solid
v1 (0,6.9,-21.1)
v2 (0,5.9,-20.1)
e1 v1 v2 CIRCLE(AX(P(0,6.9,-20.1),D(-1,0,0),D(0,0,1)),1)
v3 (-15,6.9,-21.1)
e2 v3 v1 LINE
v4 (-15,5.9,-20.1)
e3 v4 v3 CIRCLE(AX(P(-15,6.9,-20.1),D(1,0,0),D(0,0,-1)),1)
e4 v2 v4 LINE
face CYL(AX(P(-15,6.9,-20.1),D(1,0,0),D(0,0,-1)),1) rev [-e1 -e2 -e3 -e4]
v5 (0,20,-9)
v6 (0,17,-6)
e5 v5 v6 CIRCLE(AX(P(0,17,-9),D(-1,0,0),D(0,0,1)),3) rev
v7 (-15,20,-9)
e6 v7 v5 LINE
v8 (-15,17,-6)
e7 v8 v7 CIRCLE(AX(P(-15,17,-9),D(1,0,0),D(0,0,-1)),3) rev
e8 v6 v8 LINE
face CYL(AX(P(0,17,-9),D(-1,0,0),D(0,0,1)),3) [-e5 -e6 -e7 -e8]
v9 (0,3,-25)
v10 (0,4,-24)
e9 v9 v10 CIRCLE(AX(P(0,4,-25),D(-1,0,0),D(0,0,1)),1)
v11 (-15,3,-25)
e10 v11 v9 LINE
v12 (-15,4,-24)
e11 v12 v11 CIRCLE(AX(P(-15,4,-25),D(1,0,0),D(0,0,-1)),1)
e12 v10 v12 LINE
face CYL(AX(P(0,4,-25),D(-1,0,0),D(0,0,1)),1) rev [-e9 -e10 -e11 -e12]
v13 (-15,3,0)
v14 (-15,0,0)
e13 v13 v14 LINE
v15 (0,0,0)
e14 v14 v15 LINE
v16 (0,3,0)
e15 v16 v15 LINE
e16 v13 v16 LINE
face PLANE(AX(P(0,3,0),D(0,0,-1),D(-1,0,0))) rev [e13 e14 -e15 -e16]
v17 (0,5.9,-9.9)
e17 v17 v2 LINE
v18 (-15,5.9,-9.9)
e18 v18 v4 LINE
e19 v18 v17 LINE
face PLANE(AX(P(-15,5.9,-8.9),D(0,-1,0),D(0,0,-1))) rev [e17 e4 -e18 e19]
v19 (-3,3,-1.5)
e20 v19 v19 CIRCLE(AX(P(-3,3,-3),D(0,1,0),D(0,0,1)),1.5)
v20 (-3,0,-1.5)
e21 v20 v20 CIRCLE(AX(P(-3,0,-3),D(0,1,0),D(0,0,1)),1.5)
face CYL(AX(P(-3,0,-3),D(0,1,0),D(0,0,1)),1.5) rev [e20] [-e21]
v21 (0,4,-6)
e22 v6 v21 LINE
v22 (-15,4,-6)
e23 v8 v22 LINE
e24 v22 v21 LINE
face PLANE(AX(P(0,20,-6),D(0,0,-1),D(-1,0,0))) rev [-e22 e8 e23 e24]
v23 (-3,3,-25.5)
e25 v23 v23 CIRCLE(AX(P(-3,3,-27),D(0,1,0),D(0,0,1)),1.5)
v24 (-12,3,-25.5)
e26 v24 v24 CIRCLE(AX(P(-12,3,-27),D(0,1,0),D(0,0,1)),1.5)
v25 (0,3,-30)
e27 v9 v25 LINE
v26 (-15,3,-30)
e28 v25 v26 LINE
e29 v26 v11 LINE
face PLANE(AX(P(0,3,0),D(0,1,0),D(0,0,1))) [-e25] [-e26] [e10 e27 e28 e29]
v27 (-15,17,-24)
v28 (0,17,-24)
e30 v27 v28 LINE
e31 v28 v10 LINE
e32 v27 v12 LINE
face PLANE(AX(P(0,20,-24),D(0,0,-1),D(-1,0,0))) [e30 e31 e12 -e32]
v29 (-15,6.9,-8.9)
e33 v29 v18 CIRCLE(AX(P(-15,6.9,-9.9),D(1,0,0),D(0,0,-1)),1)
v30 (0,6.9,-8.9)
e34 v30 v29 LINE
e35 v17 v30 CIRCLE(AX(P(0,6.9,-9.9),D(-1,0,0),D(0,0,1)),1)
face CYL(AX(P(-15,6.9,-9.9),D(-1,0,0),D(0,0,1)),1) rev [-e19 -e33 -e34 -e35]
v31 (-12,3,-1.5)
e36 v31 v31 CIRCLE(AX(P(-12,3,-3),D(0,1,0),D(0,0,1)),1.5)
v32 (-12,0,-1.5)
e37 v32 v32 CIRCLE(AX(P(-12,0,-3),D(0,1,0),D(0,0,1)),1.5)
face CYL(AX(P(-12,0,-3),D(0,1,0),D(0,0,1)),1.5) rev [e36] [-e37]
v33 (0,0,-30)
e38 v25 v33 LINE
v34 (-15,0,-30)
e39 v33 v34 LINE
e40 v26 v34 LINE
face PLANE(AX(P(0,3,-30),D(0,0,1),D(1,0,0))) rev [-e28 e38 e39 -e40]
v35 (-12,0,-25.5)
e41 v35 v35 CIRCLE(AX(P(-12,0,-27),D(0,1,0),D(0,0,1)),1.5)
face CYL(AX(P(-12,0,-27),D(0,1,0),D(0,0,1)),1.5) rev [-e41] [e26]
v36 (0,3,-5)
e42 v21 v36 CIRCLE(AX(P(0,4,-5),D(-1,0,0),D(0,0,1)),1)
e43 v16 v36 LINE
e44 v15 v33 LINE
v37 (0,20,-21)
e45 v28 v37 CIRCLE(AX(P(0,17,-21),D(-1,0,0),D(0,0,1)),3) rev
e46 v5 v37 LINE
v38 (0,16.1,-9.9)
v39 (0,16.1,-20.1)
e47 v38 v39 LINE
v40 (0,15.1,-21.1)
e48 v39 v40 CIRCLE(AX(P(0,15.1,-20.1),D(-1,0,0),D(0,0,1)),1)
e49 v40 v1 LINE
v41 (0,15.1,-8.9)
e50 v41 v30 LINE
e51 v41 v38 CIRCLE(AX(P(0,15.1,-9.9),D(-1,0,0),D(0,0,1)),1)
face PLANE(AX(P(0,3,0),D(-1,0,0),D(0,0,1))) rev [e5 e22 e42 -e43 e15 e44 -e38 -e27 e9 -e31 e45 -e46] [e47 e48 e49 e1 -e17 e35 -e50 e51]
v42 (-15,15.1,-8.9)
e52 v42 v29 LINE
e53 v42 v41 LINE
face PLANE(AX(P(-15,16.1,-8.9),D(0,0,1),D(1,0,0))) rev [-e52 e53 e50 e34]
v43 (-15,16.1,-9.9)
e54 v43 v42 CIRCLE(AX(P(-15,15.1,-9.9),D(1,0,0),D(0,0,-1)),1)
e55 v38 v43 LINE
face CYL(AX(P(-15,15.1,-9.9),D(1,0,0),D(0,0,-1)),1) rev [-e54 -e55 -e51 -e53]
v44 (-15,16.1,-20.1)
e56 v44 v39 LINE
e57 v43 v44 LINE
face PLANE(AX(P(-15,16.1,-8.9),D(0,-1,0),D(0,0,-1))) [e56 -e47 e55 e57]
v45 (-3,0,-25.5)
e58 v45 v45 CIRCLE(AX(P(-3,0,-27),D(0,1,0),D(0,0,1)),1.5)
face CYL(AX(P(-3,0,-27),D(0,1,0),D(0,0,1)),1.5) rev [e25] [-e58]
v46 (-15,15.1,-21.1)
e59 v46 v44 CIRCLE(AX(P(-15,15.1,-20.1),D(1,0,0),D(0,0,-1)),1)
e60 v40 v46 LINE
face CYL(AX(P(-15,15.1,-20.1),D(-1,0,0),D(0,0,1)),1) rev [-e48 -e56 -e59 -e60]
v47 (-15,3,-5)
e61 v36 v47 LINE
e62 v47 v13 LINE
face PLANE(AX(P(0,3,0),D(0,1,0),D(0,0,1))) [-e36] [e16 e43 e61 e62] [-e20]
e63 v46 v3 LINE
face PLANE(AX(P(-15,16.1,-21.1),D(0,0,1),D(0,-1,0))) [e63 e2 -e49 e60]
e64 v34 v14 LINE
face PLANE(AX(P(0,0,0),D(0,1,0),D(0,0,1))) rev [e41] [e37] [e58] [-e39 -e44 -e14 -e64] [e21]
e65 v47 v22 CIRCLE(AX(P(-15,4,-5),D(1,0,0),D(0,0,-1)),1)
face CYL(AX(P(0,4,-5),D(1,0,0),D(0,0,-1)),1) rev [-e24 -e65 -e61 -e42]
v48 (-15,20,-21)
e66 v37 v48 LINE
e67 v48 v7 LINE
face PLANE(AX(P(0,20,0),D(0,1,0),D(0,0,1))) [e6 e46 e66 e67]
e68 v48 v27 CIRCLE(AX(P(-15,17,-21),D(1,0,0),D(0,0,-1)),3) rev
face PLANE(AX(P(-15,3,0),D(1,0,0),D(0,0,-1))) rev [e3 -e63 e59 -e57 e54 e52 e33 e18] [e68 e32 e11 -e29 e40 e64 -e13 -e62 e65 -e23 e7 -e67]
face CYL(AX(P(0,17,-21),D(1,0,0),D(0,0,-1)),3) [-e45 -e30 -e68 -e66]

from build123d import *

# Parameters (mm, degrees)
SKETCH1_W           = 15
SKETCH1_H           = 30
BOSS_EXTRUDE2_DEPTH = 3
SKETCH3_R           = 1.5
CUT_EXTRUDE1_DEPTH  = 3
SKETCH5_W           = 15
SKETCH5_H           = 9
BOSS_EXTRUDE3_DEPTH = 17
FILLET1_R           = 1
FILLET2_R           = 1
SKETCH6_W           = 12.2
SKETCH6_H           = 10.2
CUT_EXTRUDE2_DEPTH  = 40.05124838
FILLET3_R           = 3
FILLET4_R           = 3
FILLET5_R           = 1
FILLET6_R           = 1
FILLET7_R           = 1
FILLET8_R           = 1


with BuildPart() as part:
    # Sketch1 → Boss-Extrude2 (new body)
    with BuildSketch(Plane(origin=(0, 0, 0), x_dir=(1, 0, 0), z_dir=(0, 1, 0))):
        with Locations((-7.5, 15)):
            Rectangle(SKETCH1_W, SKETCH1_H)
    extrude(amount=BOSS_EXTRUDE2_DEPTH)

    # Sketch3 → Cut-Extrude1 (cut)
    with BuildSketch(Plane(origin=(0, 3, 0), x_dir=(1, 0, 0), z_dir=(0, 1, 0))):
        with Locations(Location((-12, 27, 0), (0, 0, 270))):
            Circle(SKETCH3_R)
        with Locations(Location((-3, 27, 0), (0, 0, 270))):
            Circle(SKETCH3_R)
        with Locations(Location((-3, 3, 0), (0, 0, 270))):
            Circle(SKETCH3_R)
        with Locations(Location((-12, 3, 0), (0, 0, 270))):
            Circle(SKETCH3_R)
    extrude(amount=-CUT_EXTRUDE1_DEPTH, mode=Mode.SUBTRACT)

    # Sketch5 → Boss-Extrude3 (add)
    with BuildSketch(Plane(origin=(0, 3, 0), x_dir=(1, 0, 0), z_dir=(0, 1, 0))):
        with Locations((-7.5, 19.5)):
            Rectangle(SKETCH5_W, SKETCH5_H)
        with Locations((-7.5, 10.5)):
            Rectangle(SKETCH5_W, SKETCH5_H)
    extrude(amount=BOSS_EXTRUDE3_DEPTH)

    # Fillet1
    fillet1_edges = [part.edges().sort_by_distance(p)[0] for p in [
        (-7.5, 3, -6),
    ]]
    fillet(fillet1_edges, radius=FILLET1_R)

    # Fillet2
    fillet2_edges = [part.edges().sort_by_distance(p)[0] for p in [
        (-7.5, 3, -24),
    ]]
    fillet(fillet2_edges, radius=FILLET2_R)

    # Sketch6 → Cut-Extrude2 (cut, through all)
    with BuildSketch(Plane(origin=(0, 0, 0), x_dir=(0, 0, -1), z_dir=(1, 0, 0))):
        with Locations((15, 11)):
            Rectangle(SKETCH6_W, SKETCH6_H)
    extrude(amount=-CUT_EXTRUDE2_DEPTH, mode=Mode.SUBTRACT)

    # Fillet3
    fillet3_edges = [part.edges().sort_by_distance(p)[0] for p in [
        (-7.5, 20, -24),
    ]]
    fillet(fillet3_edges, radius=FILLET3_R)

    # Fillet4
    fillet4_edges = [part.edges().sort_by_distance(p)[0] for p in [
        (-7.5, 20, -6),
    ]]
    fillet(fillet4_edges, radius=FILLET4_R)

    # Fillet5
    fillet5_edges = [part.edges().sort_by_distance(p)[0] for p in [
        (-7.5, 5.9, -8.9),
    ]]
    fillet(fillet5_edges, radius=FILLET5_R)

    # Fillet6
    fillet6_edges = [part.edges().sort_by_distance(p)[0] for p in [
        (-7.5, 16.1, -8.9),
    ]]
    fillet(fillet6_edges, radius=FILLET6_R)

    # Fillet7
    fillet7_edges = [part.edges().sort_by_distance(p)[0] for p in [
        (-7.5, 16.1, -21.1),
    ]]
    fillet(fillet7_edges, radius=FILLET7_R)

    # Fillet8
    fillet8_edges = [part.edges().sort_by_distance(p)[0] for p in [
        (-7.5, 5.9, -21.1),
    ]]
    fillet(fillet8_edges, radius=FILLET8_R)


solid = part.part
